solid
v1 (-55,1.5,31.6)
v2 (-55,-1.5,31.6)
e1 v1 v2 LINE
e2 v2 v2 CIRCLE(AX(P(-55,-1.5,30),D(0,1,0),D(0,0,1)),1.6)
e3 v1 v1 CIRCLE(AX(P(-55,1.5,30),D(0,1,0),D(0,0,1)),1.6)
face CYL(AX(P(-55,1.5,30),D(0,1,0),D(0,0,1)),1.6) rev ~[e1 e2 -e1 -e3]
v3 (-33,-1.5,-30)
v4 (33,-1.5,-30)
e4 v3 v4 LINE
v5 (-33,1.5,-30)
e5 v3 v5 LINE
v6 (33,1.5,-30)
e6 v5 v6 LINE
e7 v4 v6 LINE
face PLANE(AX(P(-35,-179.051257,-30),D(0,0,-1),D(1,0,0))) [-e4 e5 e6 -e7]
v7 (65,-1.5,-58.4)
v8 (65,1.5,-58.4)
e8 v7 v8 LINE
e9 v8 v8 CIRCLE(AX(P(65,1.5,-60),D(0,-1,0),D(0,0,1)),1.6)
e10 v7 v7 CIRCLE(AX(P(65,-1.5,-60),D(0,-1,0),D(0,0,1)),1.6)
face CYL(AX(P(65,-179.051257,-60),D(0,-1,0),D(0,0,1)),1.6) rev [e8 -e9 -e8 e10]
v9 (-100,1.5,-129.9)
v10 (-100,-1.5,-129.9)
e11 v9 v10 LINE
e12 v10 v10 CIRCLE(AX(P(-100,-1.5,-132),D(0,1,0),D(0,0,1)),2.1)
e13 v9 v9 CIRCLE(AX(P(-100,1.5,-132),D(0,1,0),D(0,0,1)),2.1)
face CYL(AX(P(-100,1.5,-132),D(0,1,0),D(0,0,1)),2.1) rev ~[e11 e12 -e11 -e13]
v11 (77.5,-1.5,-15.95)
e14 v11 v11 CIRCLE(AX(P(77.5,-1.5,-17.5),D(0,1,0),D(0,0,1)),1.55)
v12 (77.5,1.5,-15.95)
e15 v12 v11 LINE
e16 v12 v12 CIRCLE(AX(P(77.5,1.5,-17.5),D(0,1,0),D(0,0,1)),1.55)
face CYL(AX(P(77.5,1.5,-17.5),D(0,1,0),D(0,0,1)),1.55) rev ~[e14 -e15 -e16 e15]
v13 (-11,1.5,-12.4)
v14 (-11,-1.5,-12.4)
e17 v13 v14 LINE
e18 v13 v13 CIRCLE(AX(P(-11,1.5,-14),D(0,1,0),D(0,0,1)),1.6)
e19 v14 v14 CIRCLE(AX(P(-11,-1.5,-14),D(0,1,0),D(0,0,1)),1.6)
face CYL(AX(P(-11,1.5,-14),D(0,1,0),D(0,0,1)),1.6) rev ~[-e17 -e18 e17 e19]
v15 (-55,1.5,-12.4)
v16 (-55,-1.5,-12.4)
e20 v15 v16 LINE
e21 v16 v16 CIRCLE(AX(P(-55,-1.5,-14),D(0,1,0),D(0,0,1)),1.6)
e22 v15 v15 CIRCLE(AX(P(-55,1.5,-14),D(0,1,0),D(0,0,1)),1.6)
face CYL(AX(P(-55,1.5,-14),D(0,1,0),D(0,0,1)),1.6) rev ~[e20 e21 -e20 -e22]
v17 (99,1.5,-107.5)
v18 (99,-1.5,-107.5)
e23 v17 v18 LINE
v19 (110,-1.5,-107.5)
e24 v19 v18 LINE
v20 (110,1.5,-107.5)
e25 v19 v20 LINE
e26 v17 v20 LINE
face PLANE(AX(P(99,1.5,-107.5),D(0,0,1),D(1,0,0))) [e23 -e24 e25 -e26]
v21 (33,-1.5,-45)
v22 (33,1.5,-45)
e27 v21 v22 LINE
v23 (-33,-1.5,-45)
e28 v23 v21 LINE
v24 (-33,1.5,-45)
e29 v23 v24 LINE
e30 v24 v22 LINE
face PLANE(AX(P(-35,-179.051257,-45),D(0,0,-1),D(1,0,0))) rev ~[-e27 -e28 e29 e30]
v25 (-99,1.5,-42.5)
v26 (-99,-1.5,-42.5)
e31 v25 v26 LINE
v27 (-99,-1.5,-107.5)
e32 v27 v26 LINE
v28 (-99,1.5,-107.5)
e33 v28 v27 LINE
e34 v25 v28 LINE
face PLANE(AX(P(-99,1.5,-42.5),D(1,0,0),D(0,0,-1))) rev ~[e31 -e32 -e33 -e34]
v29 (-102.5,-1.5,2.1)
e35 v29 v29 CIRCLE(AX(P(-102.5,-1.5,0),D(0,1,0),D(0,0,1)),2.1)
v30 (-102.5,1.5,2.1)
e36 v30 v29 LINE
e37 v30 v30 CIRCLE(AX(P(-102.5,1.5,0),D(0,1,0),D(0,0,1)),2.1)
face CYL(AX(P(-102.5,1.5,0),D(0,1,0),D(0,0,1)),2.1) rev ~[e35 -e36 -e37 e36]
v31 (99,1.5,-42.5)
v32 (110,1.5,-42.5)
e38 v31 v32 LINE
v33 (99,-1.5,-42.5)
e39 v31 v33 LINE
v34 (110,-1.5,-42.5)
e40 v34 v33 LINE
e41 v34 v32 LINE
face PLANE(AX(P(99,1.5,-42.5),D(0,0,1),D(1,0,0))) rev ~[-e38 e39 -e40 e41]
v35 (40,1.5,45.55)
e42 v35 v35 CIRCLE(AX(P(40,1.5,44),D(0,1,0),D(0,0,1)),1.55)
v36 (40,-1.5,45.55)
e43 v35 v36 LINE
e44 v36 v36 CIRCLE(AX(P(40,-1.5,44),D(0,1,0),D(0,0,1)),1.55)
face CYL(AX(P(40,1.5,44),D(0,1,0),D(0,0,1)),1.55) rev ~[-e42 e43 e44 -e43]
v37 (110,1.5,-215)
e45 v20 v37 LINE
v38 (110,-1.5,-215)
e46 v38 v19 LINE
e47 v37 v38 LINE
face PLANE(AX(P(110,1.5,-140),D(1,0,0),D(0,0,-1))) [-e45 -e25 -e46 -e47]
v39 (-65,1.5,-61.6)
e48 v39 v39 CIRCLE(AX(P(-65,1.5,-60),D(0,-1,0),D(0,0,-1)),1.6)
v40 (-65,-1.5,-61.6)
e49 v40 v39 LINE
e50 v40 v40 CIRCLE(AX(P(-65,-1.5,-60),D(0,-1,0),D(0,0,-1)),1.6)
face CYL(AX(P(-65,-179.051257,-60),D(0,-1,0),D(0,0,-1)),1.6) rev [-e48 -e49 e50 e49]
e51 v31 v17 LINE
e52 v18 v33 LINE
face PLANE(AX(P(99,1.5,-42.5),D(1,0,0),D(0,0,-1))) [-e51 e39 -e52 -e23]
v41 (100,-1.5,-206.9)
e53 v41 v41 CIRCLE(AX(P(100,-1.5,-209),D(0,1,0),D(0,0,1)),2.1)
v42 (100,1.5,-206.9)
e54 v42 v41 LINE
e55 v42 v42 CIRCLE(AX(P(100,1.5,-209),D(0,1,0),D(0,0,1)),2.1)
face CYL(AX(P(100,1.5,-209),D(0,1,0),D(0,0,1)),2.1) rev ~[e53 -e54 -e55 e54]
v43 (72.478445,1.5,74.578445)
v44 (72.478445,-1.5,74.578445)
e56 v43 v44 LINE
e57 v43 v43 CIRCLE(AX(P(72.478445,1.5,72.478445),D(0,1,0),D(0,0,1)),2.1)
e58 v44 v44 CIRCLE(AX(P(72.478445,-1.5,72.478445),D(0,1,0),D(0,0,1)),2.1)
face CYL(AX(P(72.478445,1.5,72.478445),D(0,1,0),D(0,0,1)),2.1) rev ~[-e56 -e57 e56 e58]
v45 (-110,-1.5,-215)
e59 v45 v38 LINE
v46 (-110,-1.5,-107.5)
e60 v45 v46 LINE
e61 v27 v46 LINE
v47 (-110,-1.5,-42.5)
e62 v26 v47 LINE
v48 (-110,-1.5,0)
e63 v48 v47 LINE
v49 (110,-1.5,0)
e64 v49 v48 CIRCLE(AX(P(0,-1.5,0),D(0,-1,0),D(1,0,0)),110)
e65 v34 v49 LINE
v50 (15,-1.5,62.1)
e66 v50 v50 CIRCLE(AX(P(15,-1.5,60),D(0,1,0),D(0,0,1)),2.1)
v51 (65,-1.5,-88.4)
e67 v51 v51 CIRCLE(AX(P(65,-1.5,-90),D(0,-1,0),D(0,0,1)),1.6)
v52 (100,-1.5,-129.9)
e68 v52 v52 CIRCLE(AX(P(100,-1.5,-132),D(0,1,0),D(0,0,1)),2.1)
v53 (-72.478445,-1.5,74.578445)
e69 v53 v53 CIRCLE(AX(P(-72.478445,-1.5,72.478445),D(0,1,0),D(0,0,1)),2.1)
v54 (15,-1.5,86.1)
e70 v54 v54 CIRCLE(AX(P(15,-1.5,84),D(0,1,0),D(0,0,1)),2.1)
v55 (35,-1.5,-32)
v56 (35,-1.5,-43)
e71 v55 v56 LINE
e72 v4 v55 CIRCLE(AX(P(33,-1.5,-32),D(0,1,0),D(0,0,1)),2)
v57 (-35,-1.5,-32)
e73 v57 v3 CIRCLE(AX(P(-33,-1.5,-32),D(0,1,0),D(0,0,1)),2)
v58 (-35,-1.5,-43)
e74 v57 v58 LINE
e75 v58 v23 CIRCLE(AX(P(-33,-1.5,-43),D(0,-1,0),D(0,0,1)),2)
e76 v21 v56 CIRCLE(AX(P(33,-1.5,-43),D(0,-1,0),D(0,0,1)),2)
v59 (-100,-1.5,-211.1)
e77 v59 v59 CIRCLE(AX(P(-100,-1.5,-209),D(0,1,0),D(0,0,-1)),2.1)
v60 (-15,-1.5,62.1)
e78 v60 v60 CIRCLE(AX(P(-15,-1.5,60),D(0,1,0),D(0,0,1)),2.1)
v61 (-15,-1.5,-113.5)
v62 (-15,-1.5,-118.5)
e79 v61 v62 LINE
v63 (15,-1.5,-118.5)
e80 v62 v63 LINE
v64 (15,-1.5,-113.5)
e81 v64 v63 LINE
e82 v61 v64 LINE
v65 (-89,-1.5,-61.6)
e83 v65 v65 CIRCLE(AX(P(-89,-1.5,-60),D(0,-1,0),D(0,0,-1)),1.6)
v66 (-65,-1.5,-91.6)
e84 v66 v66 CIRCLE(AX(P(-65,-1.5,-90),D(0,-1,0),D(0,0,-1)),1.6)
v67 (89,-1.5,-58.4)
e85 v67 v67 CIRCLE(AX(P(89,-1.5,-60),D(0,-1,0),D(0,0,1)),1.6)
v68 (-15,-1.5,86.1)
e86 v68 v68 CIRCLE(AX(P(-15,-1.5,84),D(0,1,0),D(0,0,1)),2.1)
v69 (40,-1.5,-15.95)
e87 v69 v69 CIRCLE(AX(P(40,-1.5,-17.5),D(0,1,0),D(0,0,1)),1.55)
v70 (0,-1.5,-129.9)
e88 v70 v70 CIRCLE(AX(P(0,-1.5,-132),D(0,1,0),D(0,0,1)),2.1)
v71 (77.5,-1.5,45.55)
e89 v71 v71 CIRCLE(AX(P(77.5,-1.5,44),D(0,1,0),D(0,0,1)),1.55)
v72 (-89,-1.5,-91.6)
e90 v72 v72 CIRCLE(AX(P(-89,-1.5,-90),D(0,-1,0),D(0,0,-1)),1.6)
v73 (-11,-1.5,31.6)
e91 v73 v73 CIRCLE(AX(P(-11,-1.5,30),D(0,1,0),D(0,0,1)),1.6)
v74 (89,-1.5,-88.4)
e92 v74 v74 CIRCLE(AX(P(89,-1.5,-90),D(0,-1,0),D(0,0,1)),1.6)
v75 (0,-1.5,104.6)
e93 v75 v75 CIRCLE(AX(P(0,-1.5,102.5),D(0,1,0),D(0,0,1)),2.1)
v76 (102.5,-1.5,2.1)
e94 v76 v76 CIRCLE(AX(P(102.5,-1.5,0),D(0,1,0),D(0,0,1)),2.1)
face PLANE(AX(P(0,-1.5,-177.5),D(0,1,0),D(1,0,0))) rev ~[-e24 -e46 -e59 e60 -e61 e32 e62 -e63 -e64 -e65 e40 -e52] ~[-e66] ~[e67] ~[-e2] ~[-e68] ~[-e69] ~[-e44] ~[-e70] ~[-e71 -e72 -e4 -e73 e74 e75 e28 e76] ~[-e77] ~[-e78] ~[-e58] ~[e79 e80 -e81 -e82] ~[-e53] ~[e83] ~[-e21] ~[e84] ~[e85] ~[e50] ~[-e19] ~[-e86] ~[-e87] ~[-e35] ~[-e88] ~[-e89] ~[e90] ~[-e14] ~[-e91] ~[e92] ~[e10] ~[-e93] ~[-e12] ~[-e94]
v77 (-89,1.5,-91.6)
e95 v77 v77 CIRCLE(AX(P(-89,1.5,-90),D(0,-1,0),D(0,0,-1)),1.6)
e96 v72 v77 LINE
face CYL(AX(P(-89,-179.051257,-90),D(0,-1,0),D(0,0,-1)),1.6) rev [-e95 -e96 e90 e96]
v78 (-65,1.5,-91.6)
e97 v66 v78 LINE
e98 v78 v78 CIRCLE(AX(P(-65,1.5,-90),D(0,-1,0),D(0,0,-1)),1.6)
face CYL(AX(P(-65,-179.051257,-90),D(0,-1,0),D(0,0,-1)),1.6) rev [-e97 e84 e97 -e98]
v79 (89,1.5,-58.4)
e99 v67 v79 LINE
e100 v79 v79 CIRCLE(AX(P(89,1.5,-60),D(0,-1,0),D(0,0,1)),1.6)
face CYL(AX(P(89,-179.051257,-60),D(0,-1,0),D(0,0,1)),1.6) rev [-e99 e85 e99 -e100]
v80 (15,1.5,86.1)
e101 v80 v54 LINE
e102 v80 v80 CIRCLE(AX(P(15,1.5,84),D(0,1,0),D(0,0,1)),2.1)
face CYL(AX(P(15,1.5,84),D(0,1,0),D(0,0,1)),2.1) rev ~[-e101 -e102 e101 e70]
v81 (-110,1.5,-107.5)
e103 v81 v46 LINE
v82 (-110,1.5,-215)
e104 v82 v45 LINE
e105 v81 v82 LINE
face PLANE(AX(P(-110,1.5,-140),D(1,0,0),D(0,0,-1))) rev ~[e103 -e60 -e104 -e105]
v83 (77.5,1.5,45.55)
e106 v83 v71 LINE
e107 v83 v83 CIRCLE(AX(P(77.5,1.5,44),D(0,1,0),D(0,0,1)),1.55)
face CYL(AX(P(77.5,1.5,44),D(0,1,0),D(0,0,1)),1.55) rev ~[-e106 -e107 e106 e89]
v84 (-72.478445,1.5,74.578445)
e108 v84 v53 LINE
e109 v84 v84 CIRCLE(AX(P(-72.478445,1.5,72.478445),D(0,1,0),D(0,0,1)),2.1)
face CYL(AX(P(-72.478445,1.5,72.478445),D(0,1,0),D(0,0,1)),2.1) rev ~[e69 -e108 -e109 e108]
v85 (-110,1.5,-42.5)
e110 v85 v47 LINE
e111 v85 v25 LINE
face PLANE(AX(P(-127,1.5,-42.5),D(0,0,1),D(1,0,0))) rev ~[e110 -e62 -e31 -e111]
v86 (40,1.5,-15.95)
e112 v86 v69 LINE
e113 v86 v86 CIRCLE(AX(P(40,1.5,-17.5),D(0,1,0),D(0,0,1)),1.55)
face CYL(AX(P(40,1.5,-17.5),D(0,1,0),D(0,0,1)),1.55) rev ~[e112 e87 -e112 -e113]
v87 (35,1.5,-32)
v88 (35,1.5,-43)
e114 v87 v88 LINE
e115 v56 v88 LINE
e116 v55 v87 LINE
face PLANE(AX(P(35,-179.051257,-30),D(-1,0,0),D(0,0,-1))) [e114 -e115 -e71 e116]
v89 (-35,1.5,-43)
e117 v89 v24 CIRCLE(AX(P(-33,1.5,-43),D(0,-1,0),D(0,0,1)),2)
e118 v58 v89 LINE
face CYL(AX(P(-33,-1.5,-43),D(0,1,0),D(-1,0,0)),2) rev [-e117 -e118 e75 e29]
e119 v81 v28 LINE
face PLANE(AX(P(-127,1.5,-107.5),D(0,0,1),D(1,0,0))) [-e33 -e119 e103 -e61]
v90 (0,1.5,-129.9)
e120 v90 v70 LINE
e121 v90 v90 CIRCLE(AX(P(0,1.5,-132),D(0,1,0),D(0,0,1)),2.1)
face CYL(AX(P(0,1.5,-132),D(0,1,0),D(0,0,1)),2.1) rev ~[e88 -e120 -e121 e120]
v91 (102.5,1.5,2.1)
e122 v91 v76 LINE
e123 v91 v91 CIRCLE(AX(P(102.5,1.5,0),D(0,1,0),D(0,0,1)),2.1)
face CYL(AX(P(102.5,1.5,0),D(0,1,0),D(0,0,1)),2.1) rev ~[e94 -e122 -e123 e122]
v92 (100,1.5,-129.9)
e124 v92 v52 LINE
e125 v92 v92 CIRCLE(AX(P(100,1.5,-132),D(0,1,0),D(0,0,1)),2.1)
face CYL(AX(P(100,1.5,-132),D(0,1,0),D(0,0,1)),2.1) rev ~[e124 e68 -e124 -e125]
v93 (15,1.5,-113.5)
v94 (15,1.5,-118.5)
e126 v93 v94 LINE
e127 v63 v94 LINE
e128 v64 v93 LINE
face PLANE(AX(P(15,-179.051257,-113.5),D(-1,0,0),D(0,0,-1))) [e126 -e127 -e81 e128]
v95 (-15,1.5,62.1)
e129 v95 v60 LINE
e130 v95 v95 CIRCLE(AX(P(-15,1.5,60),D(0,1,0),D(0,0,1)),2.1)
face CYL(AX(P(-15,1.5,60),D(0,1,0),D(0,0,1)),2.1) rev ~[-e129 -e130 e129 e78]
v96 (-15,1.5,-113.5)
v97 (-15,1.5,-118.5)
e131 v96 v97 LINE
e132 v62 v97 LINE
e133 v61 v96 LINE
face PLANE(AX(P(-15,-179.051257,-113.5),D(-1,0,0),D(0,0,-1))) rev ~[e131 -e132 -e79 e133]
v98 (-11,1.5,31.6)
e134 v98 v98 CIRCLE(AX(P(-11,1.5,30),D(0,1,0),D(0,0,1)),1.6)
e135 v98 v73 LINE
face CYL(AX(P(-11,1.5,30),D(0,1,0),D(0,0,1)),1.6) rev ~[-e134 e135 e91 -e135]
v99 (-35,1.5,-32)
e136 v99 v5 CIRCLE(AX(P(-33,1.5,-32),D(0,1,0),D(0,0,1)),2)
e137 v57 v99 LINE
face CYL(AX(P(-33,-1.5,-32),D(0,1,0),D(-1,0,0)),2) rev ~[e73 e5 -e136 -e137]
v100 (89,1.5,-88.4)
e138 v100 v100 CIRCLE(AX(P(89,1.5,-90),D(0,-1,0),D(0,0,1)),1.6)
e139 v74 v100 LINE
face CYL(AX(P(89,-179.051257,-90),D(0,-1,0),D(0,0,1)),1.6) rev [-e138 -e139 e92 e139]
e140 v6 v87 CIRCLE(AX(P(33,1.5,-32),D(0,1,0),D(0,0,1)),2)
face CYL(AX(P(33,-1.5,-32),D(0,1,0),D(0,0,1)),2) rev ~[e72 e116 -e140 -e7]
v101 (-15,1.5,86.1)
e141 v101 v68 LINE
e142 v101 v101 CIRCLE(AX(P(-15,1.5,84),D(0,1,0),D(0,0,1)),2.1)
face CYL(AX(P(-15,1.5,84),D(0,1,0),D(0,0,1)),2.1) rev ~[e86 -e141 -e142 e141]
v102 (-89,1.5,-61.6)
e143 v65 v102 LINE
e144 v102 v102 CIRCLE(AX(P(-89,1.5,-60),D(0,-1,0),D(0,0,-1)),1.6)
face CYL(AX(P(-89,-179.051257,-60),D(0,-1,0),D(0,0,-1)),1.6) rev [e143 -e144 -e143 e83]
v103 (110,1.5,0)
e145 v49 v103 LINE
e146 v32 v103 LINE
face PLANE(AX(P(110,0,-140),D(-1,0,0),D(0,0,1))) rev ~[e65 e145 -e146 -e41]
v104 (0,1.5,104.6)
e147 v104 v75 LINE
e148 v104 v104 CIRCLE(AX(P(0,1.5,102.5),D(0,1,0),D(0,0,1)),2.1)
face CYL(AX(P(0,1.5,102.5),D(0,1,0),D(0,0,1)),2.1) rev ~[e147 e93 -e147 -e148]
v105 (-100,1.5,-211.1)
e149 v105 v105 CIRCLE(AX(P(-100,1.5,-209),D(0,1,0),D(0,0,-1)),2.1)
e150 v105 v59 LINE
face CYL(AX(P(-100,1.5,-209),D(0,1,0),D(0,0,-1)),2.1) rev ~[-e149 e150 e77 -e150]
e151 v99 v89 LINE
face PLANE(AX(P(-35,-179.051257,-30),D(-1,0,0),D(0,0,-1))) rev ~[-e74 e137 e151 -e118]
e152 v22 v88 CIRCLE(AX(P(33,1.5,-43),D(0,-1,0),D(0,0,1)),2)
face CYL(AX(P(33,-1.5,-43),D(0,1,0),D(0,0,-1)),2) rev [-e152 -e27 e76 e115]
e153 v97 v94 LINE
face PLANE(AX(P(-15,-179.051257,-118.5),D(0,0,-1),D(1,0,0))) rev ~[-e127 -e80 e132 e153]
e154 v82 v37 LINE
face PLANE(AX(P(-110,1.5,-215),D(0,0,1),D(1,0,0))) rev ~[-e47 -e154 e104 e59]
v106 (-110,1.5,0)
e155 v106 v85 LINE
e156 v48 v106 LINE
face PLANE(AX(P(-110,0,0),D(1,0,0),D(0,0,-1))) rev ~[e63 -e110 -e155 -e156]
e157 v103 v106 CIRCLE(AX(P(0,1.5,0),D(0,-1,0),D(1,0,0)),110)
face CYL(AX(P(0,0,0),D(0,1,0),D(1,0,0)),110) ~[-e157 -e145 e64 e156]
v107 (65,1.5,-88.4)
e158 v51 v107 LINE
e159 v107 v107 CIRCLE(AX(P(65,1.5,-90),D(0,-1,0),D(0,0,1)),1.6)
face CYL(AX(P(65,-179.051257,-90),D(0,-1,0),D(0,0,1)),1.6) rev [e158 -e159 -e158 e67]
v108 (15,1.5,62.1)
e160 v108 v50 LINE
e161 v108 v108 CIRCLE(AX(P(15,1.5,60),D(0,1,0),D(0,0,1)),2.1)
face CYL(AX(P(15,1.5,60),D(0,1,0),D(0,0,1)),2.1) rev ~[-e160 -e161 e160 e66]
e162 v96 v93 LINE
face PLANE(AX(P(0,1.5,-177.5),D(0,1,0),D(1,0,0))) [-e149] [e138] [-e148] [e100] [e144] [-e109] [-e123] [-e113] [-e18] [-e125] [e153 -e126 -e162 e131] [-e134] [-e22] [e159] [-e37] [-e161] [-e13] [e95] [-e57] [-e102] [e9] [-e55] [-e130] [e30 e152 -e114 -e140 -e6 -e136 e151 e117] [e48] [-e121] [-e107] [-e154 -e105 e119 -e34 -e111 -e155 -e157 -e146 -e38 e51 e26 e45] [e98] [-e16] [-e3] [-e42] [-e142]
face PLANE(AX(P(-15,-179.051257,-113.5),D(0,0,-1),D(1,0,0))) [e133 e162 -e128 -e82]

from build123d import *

# Parameters (mm, degrees)
EXTRUDE_1_DEPTH          = 1.5
CUT_EXTRUDE_1_DEPTH      = 179.051256665
CUT_EXTRUDE_1_DEPTH_BACK = 179.051256665
SKETCH_3_R               = 1.6
CUT_EXTRUDE_2_DEPTH      = 179.051256665
CUT_EXTRUDE_2_DEPTH_BACK = 179.051256665
SKETCH_4_W               = 70
SKETCH_4_H               = 15
SKETCH_4_W_2             = 30
SKETCH_4_H_2             = 5
SKETCH_5_R               = 1.6
CUT_EXTRUDE_4_DEPTH      = 179.070210872
FILLET_1_R               = 2
SKETCH_7_R               = 2.1
CUT_EXTRUDE_5_DEPTH      = 179.070210872
SKETCH_8_W               = 28
SKETCH_8_H               = 65
CUT_EXTRUDE_6_DEPTH      = 179.070210872
SKETCH_9_R               = 2.1
CUT_EXTRUDE_7_DEPTH      = 179.070210872
SKETCH_10_R              = 2.1
CUT_EXTRUDE_8_DEPTH      = 10
SKETCH_11_R              = 1.55
CUT_EXTRUDE_9_DEPTH      = 179.070210872
SKETCH_12_W              = 220
SKETCH_12_H              = 75
EXTRUDE_2_DEPTH          = 3
SKETCH_13_R              = 2.1
CUT_EXTRUDE_10_DEPTH     = 242.524325897


with BuildPart() as part:
    # 草图1 → 凸台-拉伸1 (new, symmetric)
    with BuildSketch(Plane(origin=(0, 0, 0), x_dir=(1, 0, 0), z_dir=(0, 1, 0))):
        with BuildLine():
            Line((-110, 0), (-110, 140))
            Line((-110, 140), (110, 140))
            Line((110, 140), (110, 0))
            ThreePointArc((110, 0), (0, -110), (-110, 0))
        make_face()
    extrude(amount=EXTRUDE_1_DEPTH, both=True)

    # 草图3 → 切除-拉伸1 (cut, two sides: drawn at the far end of the back side and taken through both)
    with BuildSketch(Plane(origin=(0, 0, 0), x_dir=(1, 0, 0), z_dir=(0, 1, 0)).offset(-CUT_EXTRUDE_1_DEPTH_BACK)):
        with Locations(Location((65, 90, 0), (0, 0, 270))):
            Circle(SKETCH_3_R)
        with Locations(Location((89, 90, 0), (0, 0, 270))):
            Circle(SKETCH_3_R)
        with Locations(Location((89, 60, 0), (0, 0, 270))):
            Circle(SKETCH_3_R)
        with Locations(Location((65, 60, 0), (0, 0, 270))):
            Circle(SKETCH_3_R)
        with Locations(Location((-65, 60, 0), (0, 0, 90))):
            Circle(SKETCH_3_R)
        with Locations(Location((-89, 60, 0), (0, 0, 90))):
            Circle(SKETCH_3_R)
        with Locations(Location((-89, 90, 0), (0, 0, 90))):
            Circle(SKETCH_3_R)
        with Locations(Location((-65, 90, 0), (0, 0, 90))):
            Circle(SKETCH_3_R)
    extrude(amount=CUT_EXTRUDE_1_DEPTH + CUT_EXTRUDE_1_DEPTH_BACK, mode=Mode.SUBTRACT)

    # 草图4 → 切除-拉伸2 (cut, two sides: drawn at the far end of the back side and taken through both)
    with BuildSketch(Plane(origin=(0, 0, 0), x_dir=(1, 0, 0), z_dir=(0, 1, 0)).offset(-CUT_EXTRUDE_2_DEPTH_BACK)):
        with Locations((0, 37.5)):
            Rectangle(SKETCH_4_W, SKETCH_4_H)
        with Locations((0, 116)):
            Rectangle(SKETCH_4_W_2, SKETCH_4_H_2)
    extrude(amount=CUT_EXTRUDE_2_DEPTH + CUT_EXTRUDE_2_DEPTH_BACK, mode=Mode.SUBTRACT)

    # 草图5 → 切除-拉伸4 (cut, through all)
    with BuildSketch(Plane(origin=(0, 1.5, 0), x_dir=(1, 0, 0), z_dir=(0, 1, 0))):
        with Locations(Location((-55, -30, 0), (0, 0, 270))):
            Circle(SKETCH_5_R)
        with Locations(Location((-11, -30, 0), (0, 0, 270))):
            Circle(SKETCH_5_R)
        with Locations(Location((-11, 14, 0), (0, 0, 270))):
            Circle(SKETCH_5_R)
        with Locations(Location((-55, 14, 0), (0, 0, 270))):
            Circle(SKETCH_5_R)
    extrude(amount=-CUT_EXTRUDE_4_DEPTH, mode=Mode.SUBTRACT)

    # 圆角1
    fillet_1_edges = [part.edges().sort_by_distance(p)[0] for p in [
        (35, 0, -30),
        (35, 0, -45),
        (-35, 0, -45),
        (-35, 0, -30),
    ]]
    fillet(fillet_1_edges, radius=FILLET_1_R)

    # 草图7 → 切除-拉伸5 (cut, through all)
    with BuildSketch(Plane(origin=(0, 1.5, 0), x_dir=(1, 0, 0), z_dir=(0, 1, 0))):
        with Locations(Location((-15, -60, 0), (0, 0, 270))):
            Circle(SKETCH_7_R)
        with Locations(Location((15, -60, 0), (0, 0, 270))):
            Circle(SKETCH_7_R)
        with Locations(Location((15, -84, 0), (0, 0, 270))):
            Circle(SKETCH_7_R)
        with Locations(Location((-15, -84, 0), (0, 0, 270))):
            Circle(SKETCH_7_R)
    extrude(amount=-CUT_EXTRUDE_5_DEPTH, mode=Mode.SUBTRACT)

    # 草图8 → 切除-拉伸6 (cut, through all)
    with BuildSketch(Plane(origin=(0, 1.5, 0), x_dir=(1, 0, 0), z_dir=(0, 1, 0))):
        with Locations((-113, 75)):
            Rectangle(SKETCH_8_W, SKETCH_8_H)
        with Locations((113, 75)):
            Rectangle(SKETCH_8_W, SKETCH_8_H)
    extrude(amount=-CUT_EXTRUDE_6_DEPTH, mode=Mode.SUBTRACT)

    # 草图9 → 切除-拉伸7 (cut, through all)
    with BuildSketch(Plane(origin=(0, 1.5, 0), x_dir=(1, 0, 0), z_dir=(0, 1, 0))):
        with Locations(Location((0, -102.5, 0), (0, 0, 270))):
            Circle(SKETCH_9_R)
        with Locations(Location((-72.478445072, -72.478445072, 0), (0, 0, 270))):
            Circle(SKETCH_9_R)
        with Locations(Location((-102.5, 0, 0), (0, 0, 270))):
            Circle(SKETCH_9_R)
        with Locations(Location((102.5, 0, 0), (0, 0, 270))):
            Circle(SKETCH_9_R)
        with Locations(Location((72.478445072, -72.478445072, 0), (0, 0, 270))):
            Circle(SKETCH_9_R)
    extrude(amount=-CUT_EXTRUDE_7_DEPTH, mode=Mode.SUBTRACT)

    # 草图10 → 切除-拉伸8 (cut)
    with BuildSketch(Plane(origin=(0, 1.5, 0), x_dir=(1, 0, 0), z_dir=(0, 1, 0))):
        with Locations(Location((-100, 132, 0), (0, 0, 270))):
            Circle(SKETCH_10_R)
        with Locations(Location((100, 132, 0), (0, 0, 270))):
            Circle(SKETCH_10_R)
        with Locations(Location((0, 132, 0), (0, 0, 270))):
            Circle(SKETCH_10_R)
    extrude(amount=-CUT_EXTRUDE_8_DEPTH, mode=Mode.SUBTRACT)

    # 草图11 → 切除-拉伸9 (cut, through all)
    with BuildSketch(Plane(origin=(0, 1.5, 0), x_dir=(1, 0, 0), z_dir=(0, 1, 0))):
        with Locations(Location((40, -44, 0), (0, 0, 270))):
            Circle(SKETCH_11_R)
        with Locations(Location((77.5, -44, 0), (0, 0, 270))):
            Circle(SKETCH_11_R)
        with Locations(Location((77.5, 17.5, 0), (0, 0, 270))):
            Circle(SKETCH_11_R)
        with Locations(Location((40, 17.5, 0), (0, 0, 270))):
            Circle(SKETCH_11_R)
    extrude(amount=-CUT_EXTRUDE_9_DEPTH, mode=Mode.SUBTRACT)

    # 草图12 → 凸台-拉伸2 (add)
    with BuildSketch(Plane(origin=(0, 1.5, 0), x_dir=(1, 0, 0), z_dir=(0, 1, 0))):
        with Locations((0, 177.5)):
            Rectangle(SKETCH_12_W, SKETCH_12_H)
    extrude(amount=-EXTRUDE_2_DEPTH)

    # 草图13 → 切除-拉伸10 (cut, through all)
    with BuildSketch(Plane(origin=(0, 1.5, 0), x_dir=(1, 0, 0), z_dir=(0, 1, 0))):
        with Locations(Location((100, 209, 0), (0, 0, 270))):
            Circle(SKETCH_13_R)
        with Locations(Location((-100, 209, 0), (0, 0, 90))):
            Circle(SKETCH_13_R)
    extrude(amount=-CUT_EXTRUDE_10_DEPTH, mode=Mode.SUBTRACT)


solid = part.part
